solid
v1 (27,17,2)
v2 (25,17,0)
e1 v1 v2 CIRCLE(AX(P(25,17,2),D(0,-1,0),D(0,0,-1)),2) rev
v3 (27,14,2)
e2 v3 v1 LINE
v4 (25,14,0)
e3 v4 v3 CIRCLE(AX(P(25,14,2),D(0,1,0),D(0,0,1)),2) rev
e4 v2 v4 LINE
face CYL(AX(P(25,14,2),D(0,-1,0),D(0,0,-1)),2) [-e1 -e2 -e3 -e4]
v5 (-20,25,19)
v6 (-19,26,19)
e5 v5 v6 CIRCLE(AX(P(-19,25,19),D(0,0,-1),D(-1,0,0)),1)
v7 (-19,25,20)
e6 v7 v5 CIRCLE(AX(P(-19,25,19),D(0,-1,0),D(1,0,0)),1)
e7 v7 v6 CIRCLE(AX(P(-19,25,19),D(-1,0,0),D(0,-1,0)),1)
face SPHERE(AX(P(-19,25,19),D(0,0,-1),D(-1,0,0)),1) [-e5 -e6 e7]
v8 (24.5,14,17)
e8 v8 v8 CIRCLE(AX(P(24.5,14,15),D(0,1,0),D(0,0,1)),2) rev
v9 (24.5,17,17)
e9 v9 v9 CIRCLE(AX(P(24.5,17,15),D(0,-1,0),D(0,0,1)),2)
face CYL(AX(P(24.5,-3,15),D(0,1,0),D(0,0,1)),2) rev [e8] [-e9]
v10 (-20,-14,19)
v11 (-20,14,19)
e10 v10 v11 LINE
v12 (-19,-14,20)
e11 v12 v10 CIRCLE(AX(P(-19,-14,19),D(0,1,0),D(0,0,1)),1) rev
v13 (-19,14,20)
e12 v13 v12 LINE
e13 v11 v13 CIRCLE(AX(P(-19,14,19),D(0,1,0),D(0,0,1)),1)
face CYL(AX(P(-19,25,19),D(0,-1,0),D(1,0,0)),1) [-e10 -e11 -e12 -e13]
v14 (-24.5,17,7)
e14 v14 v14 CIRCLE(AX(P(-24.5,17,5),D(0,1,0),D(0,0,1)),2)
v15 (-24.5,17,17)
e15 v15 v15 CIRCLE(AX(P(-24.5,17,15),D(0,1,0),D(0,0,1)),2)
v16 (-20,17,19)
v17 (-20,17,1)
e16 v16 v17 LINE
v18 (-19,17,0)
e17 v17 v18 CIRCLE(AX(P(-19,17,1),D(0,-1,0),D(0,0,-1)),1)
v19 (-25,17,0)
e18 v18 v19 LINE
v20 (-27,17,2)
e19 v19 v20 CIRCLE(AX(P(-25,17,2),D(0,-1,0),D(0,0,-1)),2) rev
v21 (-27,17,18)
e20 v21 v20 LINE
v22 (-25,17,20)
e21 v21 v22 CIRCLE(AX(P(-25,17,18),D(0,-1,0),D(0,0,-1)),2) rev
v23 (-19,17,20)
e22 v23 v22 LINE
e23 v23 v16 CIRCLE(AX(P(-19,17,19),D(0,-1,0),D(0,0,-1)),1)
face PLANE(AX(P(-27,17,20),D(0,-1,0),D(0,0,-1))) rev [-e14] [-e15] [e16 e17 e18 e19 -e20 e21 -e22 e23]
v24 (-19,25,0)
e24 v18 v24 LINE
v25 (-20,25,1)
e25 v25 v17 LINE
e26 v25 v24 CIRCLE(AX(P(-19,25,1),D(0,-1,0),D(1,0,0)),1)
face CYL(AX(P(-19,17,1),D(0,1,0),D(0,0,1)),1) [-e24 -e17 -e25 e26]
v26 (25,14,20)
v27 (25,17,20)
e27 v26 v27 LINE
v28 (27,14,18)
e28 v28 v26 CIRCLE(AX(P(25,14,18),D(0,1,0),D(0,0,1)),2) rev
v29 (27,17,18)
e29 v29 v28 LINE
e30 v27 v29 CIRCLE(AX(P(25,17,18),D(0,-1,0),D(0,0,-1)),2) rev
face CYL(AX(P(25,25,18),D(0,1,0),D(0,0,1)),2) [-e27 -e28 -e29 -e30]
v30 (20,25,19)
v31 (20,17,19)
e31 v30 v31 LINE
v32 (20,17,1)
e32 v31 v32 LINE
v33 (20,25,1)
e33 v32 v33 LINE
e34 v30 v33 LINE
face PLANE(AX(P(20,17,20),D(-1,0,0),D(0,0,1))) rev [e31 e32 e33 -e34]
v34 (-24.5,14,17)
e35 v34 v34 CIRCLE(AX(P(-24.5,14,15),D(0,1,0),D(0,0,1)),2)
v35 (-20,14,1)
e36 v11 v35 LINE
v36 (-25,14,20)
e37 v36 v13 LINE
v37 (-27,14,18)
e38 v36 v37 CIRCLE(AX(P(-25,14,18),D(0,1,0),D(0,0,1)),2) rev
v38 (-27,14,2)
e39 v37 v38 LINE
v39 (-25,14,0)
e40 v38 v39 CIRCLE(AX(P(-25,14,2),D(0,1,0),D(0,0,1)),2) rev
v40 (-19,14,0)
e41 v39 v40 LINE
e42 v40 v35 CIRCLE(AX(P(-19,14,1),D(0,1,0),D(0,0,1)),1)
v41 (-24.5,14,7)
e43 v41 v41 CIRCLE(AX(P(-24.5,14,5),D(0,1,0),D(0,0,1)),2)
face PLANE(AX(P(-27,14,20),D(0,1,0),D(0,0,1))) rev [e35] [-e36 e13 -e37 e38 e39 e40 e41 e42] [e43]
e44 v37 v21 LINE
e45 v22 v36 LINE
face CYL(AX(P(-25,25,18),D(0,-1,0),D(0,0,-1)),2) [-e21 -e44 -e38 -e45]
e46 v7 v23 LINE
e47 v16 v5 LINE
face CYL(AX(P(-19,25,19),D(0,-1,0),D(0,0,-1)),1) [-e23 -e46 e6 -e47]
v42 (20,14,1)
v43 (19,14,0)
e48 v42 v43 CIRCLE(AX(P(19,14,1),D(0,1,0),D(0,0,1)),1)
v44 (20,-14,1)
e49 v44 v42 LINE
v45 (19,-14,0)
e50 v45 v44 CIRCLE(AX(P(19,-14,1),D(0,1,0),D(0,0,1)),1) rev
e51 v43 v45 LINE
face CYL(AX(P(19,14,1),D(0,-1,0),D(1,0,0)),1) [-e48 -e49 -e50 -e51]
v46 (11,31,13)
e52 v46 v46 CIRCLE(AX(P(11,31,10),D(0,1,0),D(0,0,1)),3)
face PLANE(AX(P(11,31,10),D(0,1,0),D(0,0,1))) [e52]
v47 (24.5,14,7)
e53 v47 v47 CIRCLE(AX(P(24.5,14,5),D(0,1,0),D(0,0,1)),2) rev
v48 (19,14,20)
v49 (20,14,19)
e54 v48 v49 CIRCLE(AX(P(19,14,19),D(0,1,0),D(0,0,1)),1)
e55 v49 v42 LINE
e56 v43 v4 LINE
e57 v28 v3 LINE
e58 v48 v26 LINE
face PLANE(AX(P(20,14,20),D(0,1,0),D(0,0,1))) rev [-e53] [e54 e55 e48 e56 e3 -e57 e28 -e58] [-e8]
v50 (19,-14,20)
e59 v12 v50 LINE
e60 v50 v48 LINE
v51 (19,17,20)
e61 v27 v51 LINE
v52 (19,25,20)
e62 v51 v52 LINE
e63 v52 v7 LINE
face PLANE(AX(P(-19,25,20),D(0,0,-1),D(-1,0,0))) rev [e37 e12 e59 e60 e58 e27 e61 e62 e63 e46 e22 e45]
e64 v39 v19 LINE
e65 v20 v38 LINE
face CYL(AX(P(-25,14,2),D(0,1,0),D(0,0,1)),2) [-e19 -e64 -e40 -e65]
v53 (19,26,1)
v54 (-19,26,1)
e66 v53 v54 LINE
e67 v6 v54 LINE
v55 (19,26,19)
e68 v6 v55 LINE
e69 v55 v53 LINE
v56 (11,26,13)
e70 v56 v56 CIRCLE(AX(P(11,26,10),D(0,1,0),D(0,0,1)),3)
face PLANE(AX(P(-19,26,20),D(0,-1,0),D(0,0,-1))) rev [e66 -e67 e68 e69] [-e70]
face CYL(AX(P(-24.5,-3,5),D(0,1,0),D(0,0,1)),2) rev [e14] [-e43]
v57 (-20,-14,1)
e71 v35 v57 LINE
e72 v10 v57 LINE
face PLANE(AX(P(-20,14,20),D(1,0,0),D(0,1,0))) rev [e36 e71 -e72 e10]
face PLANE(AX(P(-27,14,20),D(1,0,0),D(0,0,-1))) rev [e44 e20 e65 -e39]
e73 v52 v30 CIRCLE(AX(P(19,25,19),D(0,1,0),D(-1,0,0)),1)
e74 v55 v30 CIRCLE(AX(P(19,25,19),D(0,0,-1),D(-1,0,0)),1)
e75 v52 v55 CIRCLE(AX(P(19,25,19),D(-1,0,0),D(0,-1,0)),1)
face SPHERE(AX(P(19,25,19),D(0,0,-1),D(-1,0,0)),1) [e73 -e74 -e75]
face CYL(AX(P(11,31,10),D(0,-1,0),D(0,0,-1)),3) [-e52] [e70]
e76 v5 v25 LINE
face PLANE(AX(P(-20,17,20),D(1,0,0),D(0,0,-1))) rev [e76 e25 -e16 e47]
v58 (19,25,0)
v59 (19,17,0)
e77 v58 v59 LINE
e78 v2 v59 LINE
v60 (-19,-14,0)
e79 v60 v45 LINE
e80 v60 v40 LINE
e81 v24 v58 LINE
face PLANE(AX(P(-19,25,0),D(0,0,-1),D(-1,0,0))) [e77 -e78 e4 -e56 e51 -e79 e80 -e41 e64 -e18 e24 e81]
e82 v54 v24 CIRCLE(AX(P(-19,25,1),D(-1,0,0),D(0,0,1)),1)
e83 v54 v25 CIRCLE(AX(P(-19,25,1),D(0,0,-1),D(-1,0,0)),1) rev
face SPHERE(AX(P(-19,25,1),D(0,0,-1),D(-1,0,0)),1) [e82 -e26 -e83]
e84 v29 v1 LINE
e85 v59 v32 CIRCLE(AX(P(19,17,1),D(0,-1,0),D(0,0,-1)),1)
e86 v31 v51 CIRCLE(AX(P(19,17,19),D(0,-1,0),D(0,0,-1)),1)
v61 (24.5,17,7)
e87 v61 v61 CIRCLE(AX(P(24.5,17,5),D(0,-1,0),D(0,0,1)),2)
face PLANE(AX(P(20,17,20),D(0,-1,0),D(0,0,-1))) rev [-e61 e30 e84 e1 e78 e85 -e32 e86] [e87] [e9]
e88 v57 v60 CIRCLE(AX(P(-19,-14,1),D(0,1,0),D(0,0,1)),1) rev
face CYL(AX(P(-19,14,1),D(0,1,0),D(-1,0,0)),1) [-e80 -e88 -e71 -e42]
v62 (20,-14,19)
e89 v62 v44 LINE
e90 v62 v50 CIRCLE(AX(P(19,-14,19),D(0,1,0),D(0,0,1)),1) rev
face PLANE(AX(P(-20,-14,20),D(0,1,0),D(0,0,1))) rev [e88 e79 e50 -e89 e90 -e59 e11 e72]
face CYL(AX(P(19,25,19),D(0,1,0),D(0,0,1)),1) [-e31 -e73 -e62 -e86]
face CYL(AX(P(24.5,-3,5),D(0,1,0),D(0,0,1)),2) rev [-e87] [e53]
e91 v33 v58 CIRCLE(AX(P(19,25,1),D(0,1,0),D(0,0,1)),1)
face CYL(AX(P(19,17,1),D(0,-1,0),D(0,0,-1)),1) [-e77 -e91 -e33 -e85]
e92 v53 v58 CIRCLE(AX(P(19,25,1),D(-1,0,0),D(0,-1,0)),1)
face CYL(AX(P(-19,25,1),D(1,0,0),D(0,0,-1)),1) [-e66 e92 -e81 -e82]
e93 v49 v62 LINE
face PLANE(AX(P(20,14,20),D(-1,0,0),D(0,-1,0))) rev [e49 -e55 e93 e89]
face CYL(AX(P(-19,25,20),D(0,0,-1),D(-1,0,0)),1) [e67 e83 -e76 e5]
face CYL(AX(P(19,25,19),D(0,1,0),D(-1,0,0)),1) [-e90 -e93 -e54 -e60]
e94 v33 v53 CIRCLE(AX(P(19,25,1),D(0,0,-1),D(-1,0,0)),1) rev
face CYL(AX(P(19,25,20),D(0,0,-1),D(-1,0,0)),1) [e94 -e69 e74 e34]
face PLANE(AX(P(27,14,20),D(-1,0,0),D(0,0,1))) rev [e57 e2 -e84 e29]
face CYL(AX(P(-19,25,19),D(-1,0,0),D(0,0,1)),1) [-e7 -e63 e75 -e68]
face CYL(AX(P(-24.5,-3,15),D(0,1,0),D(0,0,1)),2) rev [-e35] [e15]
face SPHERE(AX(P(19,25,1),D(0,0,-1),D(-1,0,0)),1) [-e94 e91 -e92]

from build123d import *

# Parameters (mm, degrees)
BOSS_EXTRUDE1_DEPTH = 20
SKETCH2_R           = 2
CUT_EXTRUDE1_DEPTH  = 20
FILLET1_R           = 2
FILLET2_R           = 1
SKETCH3_R           = 3
BOSS_EXTRUDE2_DEPTH = 5


with BuildPart() as part:
    # Sketch1 → Boss-Extrude1 (new body)
    with BuildSketch(Plane.XY):
        with BuildLine():
            Line((20, 14), (27, 14))
            Line((27, 14), (27, 17))
            Line((27, 17), (20, 17))
            Line((20, 17), (20, 25))
            ThreePointArc((20, 25), (19.707106781, 25.707106781), (19, 26))
            Line((19, 26), (-19, 26))
            ThreePointArc((-19, 26), (-19.707106781, 25.707106781), (-20, 25))
            Line((-20, 25), (-20, 17))
            Line((-20, 17), (-27, 17))
            Line((-27, 17), (-27, 14))
            Line((-27, 14), (-20, 14))
            Line((-20, 14), (-20, -14))
            Line((-20, -14), (20, -14))
            Line((20, -14), (20, 14))
        make_face()
    extrude(amount=BOSS_EXTRUDE1_DEPTH)

    # Sketch2 → Cut-Extrude1 (cut)
    with BuildSketch(Plane(origin=(0, 17, 0), x_dir=(1, 0, 0), z_dir=(0, 1, 0))):
        with Locations(Location((-24.5, -5, 0), (0, 0, 270))):
            Circle(SKETCH2_R)
        with Locations(Location((-24.5, -15, 0), (0, 0, 270))):
            Circle(SKETCH2_R)
    cut_extrude1 = extrude(amount=-CUT_EXTRUDE1_DEPTH, mode=Mode.SUBTRACT)

    # Mirror1: Cut-Extrude1 across plane
    add(cut_extrude1.mirror(Plane(origin=(0, 0, 0), x_dir=(0, 0, 1), z_dir=(1, 0, 0))), mode=Mode.SUBTRACT)

    # Fillet1
    fillet1_edges = [part.edges().sort_by_distance(p)[0] for p in [
        (27, 15.5, 20),
        (-27, 15.5, 0),
        (27, 15.5, 0),
        (-27, 15.5, 20),
    ]]
    fillet(fillet1_edges, radius=FILLET1_R)

    # Fillet2
    fillet2_edges = [part.edges().sort_by_distance(p)[0] for p in [
        (-20, 0, 0),
        (-20, 21, 0),
        (-19.707106781, 25.707106781, 0),
        (0, 26, 0),
        (19.707106781, 25.707106781, 0),
        (20, 21, 0),
        (20, 0, 0),
        (20, 21, 20),
        (19.707106781, 25.707106781, 20),
        (0, 26, 20),
        (-19.707106781, 25.707106781, 20),
        (-20, 21, 20),
        (20, 0, 20),
        (-20, 0, 20),
    ]]
    fillet(fillet2_edges, radius=FILLET2_R)

    # Sketch3 → Boss-Extrude2 (add)
    with BuildSketch(Plane(origin=(0, 26, 0), x_dir=(1, 0, 0), z_dir=(0, 1, 0))):
        with Locations(Location((11, -10, 0), (0, 0, 270))):
            Circle(SKETCH3_R)
    extrude(amount=BOSS_EXTRUDE2_DEPTH)


solid = part.part
